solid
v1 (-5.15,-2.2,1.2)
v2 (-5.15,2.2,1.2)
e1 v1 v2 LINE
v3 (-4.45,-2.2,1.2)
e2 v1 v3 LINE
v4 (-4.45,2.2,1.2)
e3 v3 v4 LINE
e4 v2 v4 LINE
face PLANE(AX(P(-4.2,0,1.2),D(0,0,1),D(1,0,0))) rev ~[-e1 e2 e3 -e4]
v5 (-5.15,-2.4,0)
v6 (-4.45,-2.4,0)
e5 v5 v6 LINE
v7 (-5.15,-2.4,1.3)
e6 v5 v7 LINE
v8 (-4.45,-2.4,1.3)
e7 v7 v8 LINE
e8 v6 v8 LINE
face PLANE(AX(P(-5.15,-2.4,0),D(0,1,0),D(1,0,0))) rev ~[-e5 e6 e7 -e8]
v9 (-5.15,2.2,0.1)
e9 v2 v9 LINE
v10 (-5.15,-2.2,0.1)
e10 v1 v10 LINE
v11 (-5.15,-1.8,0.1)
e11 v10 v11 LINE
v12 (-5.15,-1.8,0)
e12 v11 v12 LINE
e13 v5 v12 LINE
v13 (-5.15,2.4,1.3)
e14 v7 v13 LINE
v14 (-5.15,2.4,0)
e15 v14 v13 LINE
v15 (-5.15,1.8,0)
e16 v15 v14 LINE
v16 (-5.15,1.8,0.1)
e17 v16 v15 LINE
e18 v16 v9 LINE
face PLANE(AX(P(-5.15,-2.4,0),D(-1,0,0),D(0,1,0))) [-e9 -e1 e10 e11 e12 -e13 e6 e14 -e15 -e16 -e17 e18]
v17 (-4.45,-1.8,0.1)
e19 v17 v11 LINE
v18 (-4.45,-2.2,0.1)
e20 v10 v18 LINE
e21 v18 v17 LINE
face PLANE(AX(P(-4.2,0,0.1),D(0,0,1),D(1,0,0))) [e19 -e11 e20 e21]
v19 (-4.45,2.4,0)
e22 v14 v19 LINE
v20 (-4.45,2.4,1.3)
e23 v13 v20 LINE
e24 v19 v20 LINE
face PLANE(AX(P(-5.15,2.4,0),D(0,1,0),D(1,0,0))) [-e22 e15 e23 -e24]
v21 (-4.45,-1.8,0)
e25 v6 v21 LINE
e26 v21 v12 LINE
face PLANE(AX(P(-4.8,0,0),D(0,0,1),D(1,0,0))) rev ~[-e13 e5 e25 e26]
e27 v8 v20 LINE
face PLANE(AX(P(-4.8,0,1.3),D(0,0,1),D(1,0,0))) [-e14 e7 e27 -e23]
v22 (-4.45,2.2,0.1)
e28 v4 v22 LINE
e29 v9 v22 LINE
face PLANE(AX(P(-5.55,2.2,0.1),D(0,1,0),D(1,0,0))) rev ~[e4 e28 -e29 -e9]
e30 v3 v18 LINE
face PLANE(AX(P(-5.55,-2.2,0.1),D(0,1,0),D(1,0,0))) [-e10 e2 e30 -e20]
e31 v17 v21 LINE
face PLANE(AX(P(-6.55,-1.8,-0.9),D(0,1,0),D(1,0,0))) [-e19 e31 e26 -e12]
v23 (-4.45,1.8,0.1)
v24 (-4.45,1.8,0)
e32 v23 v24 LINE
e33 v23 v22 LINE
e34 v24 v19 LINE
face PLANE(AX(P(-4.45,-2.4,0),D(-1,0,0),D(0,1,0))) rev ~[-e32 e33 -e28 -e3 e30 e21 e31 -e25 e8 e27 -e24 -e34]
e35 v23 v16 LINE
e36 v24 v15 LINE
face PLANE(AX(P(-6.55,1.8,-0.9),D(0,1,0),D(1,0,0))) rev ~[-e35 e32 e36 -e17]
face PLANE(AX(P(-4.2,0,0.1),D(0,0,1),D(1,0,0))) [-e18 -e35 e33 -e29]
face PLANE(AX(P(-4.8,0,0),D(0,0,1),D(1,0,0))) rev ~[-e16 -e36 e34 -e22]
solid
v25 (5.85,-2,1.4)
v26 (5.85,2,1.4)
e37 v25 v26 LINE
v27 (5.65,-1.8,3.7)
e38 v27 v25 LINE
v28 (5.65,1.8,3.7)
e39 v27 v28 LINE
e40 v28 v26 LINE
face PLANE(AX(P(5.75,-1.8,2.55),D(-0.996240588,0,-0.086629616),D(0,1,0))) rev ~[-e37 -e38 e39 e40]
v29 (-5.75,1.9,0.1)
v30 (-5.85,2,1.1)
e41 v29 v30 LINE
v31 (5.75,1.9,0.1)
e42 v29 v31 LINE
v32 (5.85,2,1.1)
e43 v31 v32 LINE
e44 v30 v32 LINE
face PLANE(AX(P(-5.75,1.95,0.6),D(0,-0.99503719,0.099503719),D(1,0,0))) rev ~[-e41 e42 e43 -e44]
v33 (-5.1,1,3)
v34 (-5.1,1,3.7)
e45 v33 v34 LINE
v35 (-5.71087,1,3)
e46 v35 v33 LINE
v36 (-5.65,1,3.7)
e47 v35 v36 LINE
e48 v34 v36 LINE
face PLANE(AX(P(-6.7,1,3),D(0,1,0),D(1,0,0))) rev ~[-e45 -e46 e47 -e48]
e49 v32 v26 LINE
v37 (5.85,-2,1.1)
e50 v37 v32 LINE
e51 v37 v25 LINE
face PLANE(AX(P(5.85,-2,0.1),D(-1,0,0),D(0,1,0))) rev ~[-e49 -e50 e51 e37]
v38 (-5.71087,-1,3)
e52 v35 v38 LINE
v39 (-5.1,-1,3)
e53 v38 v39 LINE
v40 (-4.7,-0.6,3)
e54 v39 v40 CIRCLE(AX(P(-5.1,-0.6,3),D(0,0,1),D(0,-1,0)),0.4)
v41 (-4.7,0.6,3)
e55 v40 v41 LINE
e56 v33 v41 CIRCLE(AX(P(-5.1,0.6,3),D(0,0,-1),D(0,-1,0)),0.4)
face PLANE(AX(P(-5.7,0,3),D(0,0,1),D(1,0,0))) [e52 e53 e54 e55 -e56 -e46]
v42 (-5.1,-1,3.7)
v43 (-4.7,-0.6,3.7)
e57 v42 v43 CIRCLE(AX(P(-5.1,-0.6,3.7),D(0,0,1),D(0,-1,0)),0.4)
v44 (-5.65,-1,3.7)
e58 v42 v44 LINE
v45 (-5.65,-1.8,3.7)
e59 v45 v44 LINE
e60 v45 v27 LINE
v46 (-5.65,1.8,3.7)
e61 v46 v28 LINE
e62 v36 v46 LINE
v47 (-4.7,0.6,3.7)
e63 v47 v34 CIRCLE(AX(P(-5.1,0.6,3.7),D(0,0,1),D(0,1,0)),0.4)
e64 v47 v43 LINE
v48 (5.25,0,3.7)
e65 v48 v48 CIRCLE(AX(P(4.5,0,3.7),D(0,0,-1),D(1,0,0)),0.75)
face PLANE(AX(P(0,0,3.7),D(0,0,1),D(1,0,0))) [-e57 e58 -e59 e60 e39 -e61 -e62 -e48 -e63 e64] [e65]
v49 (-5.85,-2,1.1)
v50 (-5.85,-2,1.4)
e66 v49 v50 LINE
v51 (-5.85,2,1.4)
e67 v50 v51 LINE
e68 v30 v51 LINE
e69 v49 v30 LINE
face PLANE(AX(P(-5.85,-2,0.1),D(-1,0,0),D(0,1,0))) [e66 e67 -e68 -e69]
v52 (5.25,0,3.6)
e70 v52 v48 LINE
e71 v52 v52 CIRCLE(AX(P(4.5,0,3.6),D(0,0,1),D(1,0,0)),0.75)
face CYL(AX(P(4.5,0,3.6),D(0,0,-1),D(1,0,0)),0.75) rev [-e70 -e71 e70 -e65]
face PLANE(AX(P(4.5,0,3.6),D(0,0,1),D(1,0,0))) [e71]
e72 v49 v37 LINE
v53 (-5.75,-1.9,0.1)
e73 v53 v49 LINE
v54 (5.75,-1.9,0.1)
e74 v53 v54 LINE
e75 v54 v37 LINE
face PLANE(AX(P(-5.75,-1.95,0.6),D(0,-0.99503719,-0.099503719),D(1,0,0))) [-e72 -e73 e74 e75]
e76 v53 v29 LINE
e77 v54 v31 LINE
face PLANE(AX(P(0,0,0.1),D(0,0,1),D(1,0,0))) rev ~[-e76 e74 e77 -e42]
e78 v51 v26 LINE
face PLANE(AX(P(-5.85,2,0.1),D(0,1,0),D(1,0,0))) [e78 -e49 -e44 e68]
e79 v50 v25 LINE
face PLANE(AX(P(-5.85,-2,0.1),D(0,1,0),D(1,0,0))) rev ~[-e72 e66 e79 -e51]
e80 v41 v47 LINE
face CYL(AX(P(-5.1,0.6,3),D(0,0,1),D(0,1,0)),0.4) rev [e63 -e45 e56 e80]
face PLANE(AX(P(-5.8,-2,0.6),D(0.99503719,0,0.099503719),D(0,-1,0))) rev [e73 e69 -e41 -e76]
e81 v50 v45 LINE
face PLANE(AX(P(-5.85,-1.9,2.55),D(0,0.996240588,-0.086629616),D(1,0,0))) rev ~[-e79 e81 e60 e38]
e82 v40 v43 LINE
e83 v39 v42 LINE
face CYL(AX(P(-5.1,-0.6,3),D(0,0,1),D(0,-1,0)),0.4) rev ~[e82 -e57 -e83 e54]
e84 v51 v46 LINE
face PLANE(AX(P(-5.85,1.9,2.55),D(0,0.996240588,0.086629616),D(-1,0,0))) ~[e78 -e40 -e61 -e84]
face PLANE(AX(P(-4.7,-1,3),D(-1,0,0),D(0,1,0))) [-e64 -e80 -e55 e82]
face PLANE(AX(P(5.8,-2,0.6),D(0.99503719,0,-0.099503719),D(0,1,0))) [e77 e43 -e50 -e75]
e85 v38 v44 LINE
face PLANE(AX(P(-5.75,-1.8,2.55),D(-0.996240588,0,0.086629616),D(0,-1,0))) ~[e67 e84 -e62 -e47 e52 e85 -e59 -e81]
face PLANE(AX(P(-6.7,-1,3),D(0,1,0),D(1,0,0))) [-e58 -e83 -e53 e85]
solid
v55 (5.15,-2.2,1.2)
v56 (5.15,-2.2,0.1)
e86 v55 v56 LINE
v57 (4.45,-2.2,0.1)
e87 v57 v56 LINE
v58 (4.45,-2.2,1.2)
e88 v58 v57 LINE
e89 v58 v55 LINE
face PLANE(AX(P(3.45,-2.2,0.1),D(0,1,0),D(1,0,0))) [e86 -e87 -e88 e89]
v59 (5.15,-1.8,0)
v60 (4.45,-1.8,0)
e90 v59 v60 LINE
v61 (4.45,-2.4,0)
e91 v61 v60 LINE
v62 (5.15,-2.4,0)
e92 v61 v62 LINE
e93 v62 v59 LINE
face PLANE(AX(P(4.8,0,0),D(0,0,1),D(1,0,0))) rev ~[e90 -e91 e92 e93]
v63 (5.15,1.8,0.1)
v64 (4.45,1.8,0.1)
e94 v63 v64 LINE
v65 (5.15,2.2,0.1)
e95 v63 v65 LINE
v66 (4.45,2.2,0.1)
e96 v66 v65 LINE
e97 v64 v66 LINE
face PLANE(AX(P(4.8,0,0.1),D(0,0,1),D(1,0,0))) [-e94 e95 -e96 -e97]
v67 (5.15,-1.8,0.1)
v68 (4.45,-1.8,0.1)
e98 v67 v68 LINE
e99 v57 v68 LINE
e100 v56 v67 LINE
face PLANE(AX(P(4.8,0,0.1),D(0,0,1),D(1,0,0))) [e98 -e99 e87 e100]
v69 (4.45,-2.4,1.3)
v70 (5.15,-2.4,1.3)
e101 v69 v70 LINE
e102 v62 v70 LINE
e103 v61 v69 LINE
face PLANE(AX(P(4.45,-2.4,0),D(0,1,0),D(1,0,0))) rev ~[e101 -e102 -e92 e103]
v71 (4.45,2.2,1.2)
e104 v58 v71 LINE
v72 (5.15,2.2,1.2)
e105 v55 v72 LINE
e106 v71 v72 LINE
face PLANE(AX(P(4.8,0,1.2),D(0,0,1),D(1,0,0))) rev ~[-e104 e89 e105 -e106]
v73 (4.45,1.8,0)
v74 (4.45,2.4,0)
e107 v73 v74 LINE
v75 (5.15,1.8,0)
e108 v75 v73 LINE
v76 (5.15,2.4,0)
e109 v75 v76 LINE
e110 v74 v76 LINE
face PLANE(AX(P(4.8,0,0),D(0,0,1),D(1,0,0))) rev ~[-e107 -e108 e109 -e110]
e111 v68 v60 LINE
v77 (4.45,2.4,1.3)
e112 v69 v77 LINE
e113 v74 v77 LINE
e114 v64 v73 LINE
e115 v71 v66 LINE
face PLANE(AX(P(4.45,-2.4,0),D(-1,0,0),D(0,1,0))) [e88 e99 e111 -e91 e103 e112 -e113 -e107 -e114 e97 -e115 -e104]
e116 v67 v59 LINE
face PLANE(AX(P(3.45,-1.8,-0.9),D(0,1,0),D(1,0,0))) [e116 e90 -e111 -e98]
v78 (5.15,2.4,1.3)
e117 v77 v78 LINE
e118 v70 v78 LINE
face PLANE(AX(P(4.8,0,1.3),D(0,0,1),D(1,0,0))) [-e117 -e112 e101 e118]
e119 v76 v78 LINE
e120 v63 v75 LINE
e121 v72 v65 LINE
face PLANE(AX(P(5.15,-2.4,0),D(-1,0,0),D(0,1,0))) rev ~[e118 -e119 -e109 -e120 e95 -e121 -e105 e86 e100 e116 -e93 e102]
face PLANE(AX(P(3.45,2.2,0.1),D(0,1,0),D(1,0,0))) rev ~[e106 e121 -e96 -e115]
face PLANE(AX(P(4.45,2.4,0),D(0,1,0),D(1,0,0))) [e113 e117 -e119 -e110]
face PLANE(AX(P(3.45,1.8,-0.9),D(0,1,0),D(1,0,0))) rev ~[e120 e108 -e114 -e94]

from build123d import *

# Parameters (mm, degrees)
BOX003_W         = 2.7
BOX003_H         = 3.6
BOX003_DEPTH     = 1.1
BOX002_W         = 2.7
BOX002_H         = 4.4
BOX002_DEPTH     = 1.1
BOX_W            = 0.7
BOX_H            = 4.8
BOX_DEPTH        = 1.3
BOX005_W         = 2.7
BOX005_H         = 3.6
BOX005_DEPTH     = 1.1
BOX004_W         = 2.7
BOX004_H         = 4.4
BOX004_DEPTH     = 1.1
BOX001_W         = 0.7
BOX001_H         = 4.8
BOX001_DEPTH     = 1.3
BOX006_W         = 2
BOX006_H         = 2
BOX006_DEPTH     = 1
FILLET_R         = 0.4
FILLET001_R      = 0.4
FILLET002_R      = 0.4
CYLINDER_R       = 0.75
CYLINDER_DEPTH   = 1
SKETCH_W         = 11.7
SKETCH_H         = 4
PAD_DEPTH        = 3.6
CHAMFER_SIZE2    = 0.2
CHAMFER_SIZE     = 2.3
CHAMFER001_SIZE2 = 2.3
CHAMFER001_SIZE  = 0.2
CHAMFER002_SIZE2 = 0.2
CHAMFER002_SIZE  = 2.3
CHAMFER003_SIZE2 = 2.3
CHAMFER003_SIZE  = 0.2
CHAMFER004_SIZE2 = 0.1
CHAMFER004_SIZE  = 1
CHAMFER005_SIZE2 = 1
CHAMFER005_SIZE  = 0.1
CHAMFER006_SIZE2 = 1
CHAMFER006_SIZE  = 0.1
CHAMFER007_SIZE2 = 1
CHAMFER007_SIZE  = 0.1


with BuildPart() as kub003:
    # Box003 → Box003 (new body)
    with BuildSketch(Plane(origin=(3.45, -1.8, -0.9), x_dir=(1, 0, 0), z_dir=(0, 0, 1))):
        with Locations((1.35, 1.8)):
            Rectangle(BOX003_W, BOX003_H)
    extrude(amount=BOX003_DEPTH)


with BuildPart() as kub002:
    # Box002 → Box002 (new body)
    with BuildSketch(Plane(origin=(3.45, -2.2, 0.1), x_dir=(1, 0, 0), z_dir=(0, 0, 1))):
        with Locations((1.35, 2.2)):
            Rectangle(BOX002_W, BOX002_H)
    extrude(amount=BOX002_DEPTH)


with BuildPart() as cut001:
    # Box → Box (new body)
    with BuildSketch(Plane(origin=(4.45, -2.4, 0), x_dir=(1, 0, 0), z_dir=(0, 0, 1))):
        with Locations((0.35, 2.4)):
            Rectangle(BOX_W, BOX_H)
    extrude(amount=BOX_DEPTH)

    # Cut: cut Kub002
    add(kub002.part, mode=Mode.SUBTRACT)

    # Cut001: cut Kub003
    add(kub003.part, mode=Mode.SUBTRACT)


with BuildPart() as kub005:
    # Box005 → Box005 (new body)
    with BuildSketch(Plane(origin=(-6.55, -1.8, -0.9), x_dir=(1, 0, 0), z_dir=(0, 0, 1))):
        with Locations((1.35, 1.8)):
            Rectangle(BOX005_W, BOX005_H)
    extrude(amount=BOX005_DEPTH)


with BuildPart() as kub004:
    # Box004 → Box004 (new body)
    with BuildSketch(Plane(origin=(-5.55, -2.2, 0.1), x_dir=(1, 0, 0), z_dir=(0, 0, 1))):
        with Locations((1.35, 2.2)):
            Rectangle(BOX004_W, BOX004_H)
    extrude(amount=BOX004_DEPTH)


with BuildPart() as cut003:
    # Box001 → Box001 (new body)
    with BuildSketch(Plane(origin=(-5.15, -2.4, 0), x_dir=(1, 0, 0), z_dir=(0, 0, 1))):
        with Locations((0.35, 2.4)):
            Rectangle(BOX001_W, BOX001_H)
    extrude(amount=BOX001_DEPTH)

    # Cut002: cut Kub004
    add(kub004.part, mode=Mode.SUBTRACT)

    # Cut003: cut Kub005
    add(kub005.part, mode=Mode.SUBTRACT)


with BuildPart() as fillet002:
    # Box006 → Box006 (new body)
    with BuildSketch(Plane(origin=(5, -1, 3), x_dir=(1, 0, 0), z_dir=(0, 0, 1))):
        with Locations((1, 1)):
            Rectangle(BOX006_W, BOX006_H)
    extrude(amount=BOX006_DEPTH)

    # Fillet
    fillet_edges = [fillet002.edges().sort_by_distance(p)[0] for p in [
        (5, -1, 3.5),
    ]]
    fillet(fillet_edges, radius=FILLET_R)

    # Fillet001
    fillet001_edges = [fillet002.edges().sort_by_distance(p)[0] for p in [
        (5, 1, 3.5),
    ]]
    fillet(fillet001_edges, radius=FILLET001_R)

    # Fillet002
    fillet002_edges = [fillet002.edges().sort_by_distance(p)[0] for p in [
        (7, 1, 3.5),
        (7, -1, 3.5),
    ]]
    fillet(fillet002_edges, radius=FILLET002_R)


with BuildPart() as fillet002_1:
    # Fillet002 placement: moved
    add(fillet002.part.moved(Location((-11.7, 0, 0))))


with BuildPart() as cylinder:
    # Cylinder → Cylinder (new body)
    with BuildSketch(Plane(origin=(4.5, 0, 3.6), x_dir=(1, 0, 0), z_dir=(0, 0, 1))):
        Circle(CYLINDER_R)
    extrude(amount=CYLINDER_DEPTH)


with BuildPart() as cut005:
    # Sketch → Pad (new body)
    with BuildSketch(Plane.XY):
        Rectangle(SKETCH_W, SKETCH_H)
    extrude(amount=PAD_DEPTH)


with BuildPart() as cut005_1:
    # Body placement: moved
    add(cut005.part.moved(Location((0, 0, 0.1))))

    # Cut004: cut Cylinder
    add(cylinder.part, mode=Mode.SUBTRACT)

    # Chamfer
    chamfer_edges = [cut005_1.edges().sort_by_distance(p)[0] for p in [
        (0, 2, 3.7),
    ]]
    chamfer_side = cut005_1.faces().sort_by_distance((0, 2, 1.9))[0]
    chamfer(chamfer_edges, length=CHAMFER_SIZE, length2=CHAMFER_SIZE2, reference=chamfer_side)

    # Chamfer001
    chamfer001_edges = [cut005_1.edges().sort_by_distance(p)[0] for p in [
        (0, -2, 3.7),
    ]]
    chamfer001_side = cut005_1.faces().sort_by_distance((-0.186264, -0.104139, 3.7))[0]
    chamfer(chamfer001_edges, length=CHAMFER001_SIZE, length2=CHAMFER001_SIZE2, reference=chamfer001_side)

    # Chamfer002
    chamfer002_edges = [cut005_1.edges().sort_by_distance(p)[0] for p in [
        (-5.85, 0, 3.7),
    ]]
    chamfer002_side = cut005_1.faces().sort_by_distance((-5.85, 0, 1.865901))[0]
    chamfer(chamfer002_edges, length=CHAMFER002_SIZE, length2=CHAMFER002_SIZE2, reference=chamfer002_side)

    # Chamfer003
    chamfer003_edges = [cut005_1.edges().sort_by_distance(p)[0] for p in [
        (5.85, 0, 3.7),
    ]]
    chamfer003_side = cut005_1.faces().sort_by_distance((-0.096187, 0, 3.7))[0]
    chamfer(chamfer003_edges, length=CHAMFER003_SIZE, length2=CHAMFER003_SIZE2, reference=chamfer003_side)

    # Chamfer004
    chamfer004_edges = [cut005_1.edges().sort_by_distance(p)[0] for p in [
        (-5.85, 0, 0.1),
    ]]
    chamfer004_side = cut005_1.faces().sort_by_distance((-5.85, 0, 0.75))[0]
    chamfer(chamfer004_edges, length=CHAMFER004_SIZE, length2=CHAMFER004_SIZE2, reference=chamfer004_side)

    # Chamfer005
    chamfer005_edges = [cut005_1.edges().sort_by_distance(p)[0] for p in [
        (5.85, 0, 0.1),
    ]]
    chamfer005_side = cut005_1.faces().sort_by_distance((0.05, 0, 0.1))[0]
    chamfer(chamfer005_edges, length=CHAMFER005_SIZE, length2=CHAMFER005_SIZE2, reference=chamfer005_side)

    # Chamfer006
    chamfer006_edges = [cut005_1.edges().sort_by_distance(p)[0] for p in [
        (0, 2, 0.1),
    ]]
    chamfer006_side = cut005_1.faces().sort_by_distance((0, 0, 0.1))[0]
    chamfer(chamfer006_edges, length=CHAMFER006_SIZE, length2=CHAMFER006_SIZE2, reference=chamfer006_side)

    # Chamfer007
    chamfer007_edges = [cut005_1.edges().sort_by_distance(p)[0] for p in [
        (0, -2, 0.1),
    ]]
    chamfer007_side = cut005_1.faces().sort_by_distance((0, -0.05, 0.1))[0]
    chamfer(chamfer007_edges, length=CHAMFER007_SIZE, length2=CHAMFER007_SIZE2, reference=chamfer007_side)

    # Cut005: cut Fillet002
    add(fillet002_1.part, mode=Mode.SUBTRACT)


solid = Compound([cut001.part, cut003.part, cut005_1.part])
